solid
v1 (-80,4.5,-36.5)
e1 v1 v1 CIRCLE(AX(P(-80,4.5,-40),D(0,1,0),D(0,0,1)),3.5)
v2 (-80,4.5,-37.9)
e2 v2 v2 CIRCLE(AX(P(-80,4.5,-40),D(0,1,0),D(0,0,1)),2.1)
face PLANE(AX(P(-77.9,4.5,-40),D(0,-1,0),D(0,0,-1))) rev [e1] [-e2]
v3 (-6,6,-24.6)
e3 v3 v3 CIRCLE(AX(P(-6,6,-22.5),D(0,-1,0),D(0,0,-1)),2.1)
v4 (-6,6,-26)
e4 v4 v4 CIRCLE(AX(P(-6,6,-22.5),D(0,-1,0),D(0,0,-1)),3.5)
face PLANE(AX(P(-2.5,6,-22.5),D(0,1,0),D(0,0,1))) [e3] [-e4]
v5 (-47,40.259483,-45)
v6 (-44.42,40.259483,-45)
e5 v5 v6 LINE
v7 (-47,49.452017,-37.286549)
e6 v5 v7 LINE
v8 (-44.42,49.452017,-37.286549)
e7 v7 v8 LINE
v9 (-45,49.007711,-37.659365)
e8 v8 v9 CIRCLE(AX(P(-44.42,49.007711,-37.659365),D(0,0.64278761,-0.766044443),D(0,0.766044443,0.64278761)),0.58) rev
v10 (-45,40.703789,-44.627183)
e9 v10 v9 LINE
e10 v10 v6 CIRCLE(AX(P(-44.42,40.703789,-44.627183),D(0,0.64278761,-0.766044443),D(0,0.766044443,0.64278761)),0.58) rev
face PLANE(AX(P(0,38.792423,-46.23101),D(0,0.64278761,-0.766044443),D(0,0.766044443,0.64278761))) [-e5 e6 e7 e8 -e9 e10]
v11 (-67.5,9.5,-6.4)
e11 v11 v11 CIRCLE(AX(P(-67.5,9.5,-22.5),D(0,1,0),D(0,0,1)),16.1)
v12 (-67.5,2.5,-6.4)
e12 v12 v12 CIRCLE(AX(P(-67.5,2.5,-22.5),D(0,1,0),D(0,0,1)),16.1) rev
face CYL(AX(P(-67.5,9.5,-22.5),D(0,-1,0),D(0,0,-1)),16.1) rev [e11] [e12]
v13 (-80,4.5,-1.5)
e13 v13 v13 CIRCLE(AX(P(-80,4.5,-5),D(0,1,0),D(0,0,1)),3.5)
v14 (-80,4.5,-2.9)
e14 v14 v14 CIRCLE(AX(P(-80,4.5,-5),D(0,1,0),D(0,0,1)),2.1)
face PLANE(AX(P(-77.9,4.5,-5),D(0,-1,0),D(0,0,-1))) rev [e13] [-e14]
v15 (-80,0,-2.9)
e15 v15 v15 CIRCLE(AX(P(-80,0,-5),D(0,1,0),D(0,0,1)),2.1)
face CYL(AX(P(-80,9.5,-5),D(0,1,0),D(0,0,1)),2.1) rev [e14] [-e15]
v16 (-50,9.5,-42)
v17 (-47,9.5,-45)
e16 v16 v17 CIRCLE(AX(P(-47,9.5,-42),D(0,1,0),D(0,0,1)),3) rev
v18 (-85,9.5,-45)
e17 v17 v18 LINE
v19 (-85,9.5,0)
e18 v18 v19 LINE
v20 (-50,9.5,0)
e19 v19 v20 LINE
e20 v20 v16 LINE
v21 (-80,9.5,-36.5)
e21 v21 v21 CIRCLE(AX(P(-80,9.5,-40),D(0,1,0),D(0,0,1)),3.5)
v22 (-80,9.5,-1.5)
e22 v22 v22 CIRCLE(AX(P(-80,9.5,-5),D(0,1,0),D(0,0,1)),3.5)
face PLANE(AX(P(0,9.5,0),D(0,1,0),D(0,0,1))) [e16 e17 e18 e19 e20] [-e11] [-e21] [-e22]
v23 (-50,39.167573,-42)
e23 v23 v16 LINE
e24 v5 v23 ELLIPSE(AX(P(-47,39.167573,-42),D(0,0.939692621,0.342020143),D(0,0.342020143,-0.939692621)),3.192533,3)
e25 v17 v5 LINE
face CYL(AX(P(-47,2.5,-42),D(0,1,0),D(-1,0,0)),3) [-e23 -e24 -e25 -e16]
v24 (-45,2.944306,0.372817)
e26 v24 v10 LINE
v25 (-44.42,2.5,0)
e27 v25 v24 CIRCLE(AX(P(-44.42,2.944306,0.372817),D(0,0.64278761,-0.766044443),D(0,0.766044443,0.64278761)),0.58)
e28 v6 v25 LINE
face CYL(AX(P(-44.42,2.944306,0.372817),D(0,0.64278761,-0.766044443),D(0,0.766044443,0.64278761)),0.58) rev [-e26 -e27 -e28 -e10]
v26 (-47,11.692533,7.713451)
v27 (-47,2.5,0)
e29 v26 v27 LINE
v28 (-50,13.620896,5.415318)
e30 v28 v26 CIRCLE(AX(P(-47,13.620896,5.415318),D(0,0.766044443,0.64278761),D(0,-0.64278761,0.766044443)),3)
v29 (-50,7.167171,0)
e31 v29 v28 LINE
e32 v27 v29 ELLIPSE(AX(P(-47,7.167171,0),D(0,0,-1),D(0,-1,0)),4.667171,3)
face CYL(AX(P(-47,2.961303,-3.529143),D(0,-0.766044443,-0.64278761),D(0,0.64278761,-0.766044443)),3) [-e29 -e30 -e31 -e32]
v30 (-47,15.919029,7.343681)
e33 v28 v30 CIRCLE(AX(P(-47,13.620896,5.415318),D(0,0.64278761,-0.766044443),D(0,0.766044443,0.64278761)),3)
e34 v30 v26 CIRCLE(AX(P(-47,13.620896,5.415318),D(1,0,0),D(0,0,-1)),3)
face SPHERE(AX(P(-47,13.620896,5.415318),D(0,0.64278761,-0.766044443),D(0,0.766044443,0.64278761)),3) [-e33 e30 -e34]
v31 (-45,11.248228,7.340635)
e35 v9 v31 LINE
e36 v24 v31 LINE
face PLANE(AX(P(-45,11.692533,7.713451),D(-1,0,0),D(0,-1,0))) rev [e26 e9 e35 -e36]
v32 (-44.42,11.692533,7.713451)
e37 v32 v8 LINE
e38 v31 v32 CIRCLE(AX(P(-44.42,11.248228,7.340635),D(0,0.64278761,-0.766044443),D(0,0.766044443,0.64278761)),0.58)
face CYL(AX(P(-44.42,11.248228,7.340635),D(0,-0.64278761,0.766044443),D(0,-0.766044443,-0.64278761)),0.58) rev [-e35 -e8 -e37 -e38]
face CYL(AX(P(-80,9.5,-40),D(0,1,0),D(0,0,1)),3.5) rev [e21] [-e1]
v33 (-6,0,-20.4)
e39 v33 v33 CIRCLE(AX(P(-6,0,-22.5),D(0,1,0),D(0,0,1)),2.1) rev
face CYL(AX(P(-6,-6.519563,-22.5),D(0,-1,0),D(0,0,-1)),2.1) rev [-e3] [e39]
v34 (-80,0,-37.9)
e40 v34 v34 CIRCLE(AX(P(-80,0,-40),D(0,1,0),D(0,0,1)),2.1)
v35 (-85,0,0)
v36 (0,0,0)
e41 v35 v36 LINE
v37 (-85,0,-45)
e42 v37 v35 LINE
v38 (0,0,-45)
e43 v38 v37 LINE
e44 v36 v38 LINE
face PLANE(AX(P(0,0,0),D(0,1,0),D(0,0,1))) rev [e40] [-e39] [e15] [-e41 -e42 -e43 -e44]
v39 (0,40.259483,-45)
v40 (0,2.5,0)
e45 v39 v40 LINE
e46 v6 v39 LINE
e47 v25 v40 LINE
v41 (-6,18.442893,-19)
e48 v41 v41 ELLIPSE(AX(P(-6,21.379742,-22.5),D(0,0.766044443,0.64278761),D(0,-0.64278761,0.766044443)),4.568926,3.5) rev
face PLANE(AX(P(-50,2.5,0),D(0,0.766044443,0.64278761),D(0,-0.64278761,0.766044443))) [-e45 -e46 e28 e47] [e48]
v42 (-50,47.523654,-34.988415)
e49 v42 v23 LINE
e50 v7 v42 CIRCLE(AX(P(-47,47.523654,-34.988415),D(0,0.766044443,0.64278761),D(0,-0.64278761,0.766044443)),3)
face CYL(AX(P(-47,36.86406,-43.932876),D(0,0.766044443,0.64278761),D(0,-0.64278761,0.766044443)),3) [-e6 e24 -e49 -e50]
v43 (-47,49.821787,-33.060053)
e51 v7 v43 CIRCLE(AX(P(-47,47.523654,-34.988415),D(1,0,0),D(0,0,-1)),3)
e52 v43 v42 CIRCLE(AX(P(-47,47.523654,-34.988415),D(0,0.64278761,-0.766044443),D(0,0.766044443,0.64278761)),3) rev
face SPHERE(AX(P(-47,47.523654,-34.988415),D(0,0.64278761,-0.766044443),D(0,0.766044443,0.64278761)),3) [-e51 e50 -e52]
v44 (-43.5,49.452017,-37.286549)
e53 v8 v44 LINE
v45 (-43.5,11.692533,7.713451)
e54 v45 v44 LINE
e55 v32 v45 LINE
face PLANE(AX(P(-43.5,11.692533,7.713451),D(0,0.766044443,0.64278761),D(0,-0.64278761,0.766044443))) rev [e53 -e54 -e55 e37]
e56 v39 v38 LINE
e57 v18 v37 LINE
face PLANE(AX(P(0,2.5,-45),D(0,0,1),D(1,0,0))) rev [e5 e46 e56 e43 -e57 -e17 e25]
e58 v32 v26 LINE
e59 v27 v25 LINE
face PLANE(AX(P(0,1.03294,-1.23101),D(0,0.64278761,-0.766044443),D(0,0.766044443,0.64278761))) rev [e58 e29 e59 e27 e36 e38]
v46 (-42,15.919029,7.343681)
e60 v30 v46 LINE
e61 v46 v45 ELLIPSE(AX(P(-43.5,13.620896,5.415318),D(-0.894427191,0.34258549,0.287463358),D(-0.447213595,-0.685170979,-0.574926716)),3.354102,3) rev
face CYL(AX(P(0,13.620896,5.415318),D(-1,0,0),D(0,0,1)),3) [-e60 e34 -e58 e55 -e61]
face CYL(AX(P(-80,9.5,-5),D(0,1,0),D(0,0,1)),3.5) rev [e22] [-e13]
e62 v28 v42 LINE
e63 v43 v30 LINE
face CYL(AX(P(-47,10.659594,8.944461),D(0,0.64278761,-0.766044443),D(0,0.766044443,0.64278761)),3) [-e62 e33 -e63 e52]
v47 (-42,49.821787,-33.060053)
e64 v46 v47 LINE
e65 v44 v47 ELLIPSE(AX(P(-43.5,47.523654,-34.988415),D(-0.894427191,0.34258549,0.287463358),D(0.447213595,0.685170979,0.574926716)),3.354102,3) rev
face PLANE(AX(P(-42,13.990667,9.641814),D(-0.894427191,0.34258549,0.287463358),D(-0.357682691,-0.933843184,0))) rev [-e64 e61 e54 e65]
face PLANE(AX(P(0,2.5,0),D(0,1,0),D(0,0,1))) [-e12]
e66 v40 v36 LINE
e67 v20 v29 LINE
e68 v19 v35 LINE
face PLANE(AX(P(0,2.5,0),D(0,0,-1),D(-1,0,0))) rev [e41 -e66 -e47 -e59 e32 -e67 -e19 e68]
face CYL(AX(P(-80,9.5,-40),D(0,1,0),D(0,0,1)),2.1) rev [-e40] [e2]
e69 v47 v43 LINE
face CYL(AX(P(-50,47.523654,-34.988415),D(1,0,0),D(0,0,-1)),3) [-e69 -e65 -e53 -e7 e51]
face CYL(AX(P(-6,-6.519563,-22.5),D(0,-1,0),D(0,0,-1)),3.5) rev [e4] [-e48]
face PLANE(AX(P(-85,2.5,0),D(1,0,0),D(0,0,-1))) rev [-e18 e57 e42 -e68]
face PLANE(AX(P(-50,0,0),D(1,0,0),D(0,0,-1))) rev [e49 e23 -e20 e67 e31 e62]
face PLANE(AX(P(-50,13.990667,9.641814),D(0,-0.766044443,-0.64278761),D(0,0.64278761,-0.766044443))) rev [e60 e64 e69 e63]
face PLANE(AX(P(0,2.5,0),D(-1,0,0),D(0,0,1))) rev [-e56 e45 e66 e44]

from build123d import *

# Parameters (mm, degrees)
SKETCH1_W           = 85
SKETCH1_H           = 45
BOSS_EXTRUDE1_DEPTH = 2.5
BOSS_EXTRUDE2_DEPTH = 50
BOSS_EXTRUDE3_DEPTH = 58.743328
SKETCH4_W           = 35
SKETCH4_H           = 45
SKETCH4_R           = 16.1
BOSS_EXTRUDE4_DEPTH = 7
HOLE1_D             = 4.2
HOLE1_DEPTH         = 20
HOLE1_CBORE_D       = 7
HOLE1_CBORE_DEPTH   = 5
FILLET4_R           = 3
FILLET5_R           = 3
FILLET6_R           = 3
FILLET7_R           = 0.58


with BuildPart() as part:
    # Sketch1 → Boss-Extrude1 (new body)
    with BuildSketch(Plane(origin=(0, 0, 0), x_dir=(1, 0, 0), z_dir=(0, 1, 0))):
        with Locations((-42.5, 22.5)):
            Rectangle(SKETCH1_W, SKETCH1_H)
    extrude(amount=BOSS_EXTRUDE1_DEPTH)

    # Sketch2 → Boss-Extrude2 (add)
    with BuildSketch(Plane(origin=(0, 0, 0), x_dir=(0, 0, -1), z_dir=(1, 0, 0))):
        Polygon((0, 2.5), (45, 40.259483403), (45, 2.5), align=None)
    extrude(amount=-BOSS_EXTRUDE2_DEPTH)

    # Sketch3 → Boss-Extrude3 (add)
    with BuildSketch(Plane(origin=(-50, 40.259483403, -45), x_dir=(1, 0, 0), z_dir=(0, -0.6427876096865354, 0.7660444431189815))):
        Polygon((0, 0), (0, 15), (8, 15), (6.5, 12), (5, 12), (5, 0), align=None)
    extrude(amount=BOSS_EXTRUDE3_DEPTH)

    # Sketch4 → Boss-Extrude4 (add)
    with BuildSketch(Plane(origin=(0, 2.5, 0), x_dir=(1, 0, 0), z_dir=(0, 1, 0))):
        with Locations((-67.5, 22.5)):
            Rectangle(SKETCH4_W, SKETCH4_H)
        with Locations(Location((-67.5, 22.5, 0), (0, 0, 270))):
            Circle(SKETCH4_R, mode=Mode.SUBTRACT)
    extrude(amount=BOSS_EXTRUDE4_DEPTH)

    # Hole1
    with Locations(Plane(origin=(-80, 9.5, -40), x_dir=(0, 0, 1), z_dir=(0, 1, 0))):
        with Locations((0, 0), (35, 0)):
            CounterBoreHole(HOLE1_D / 2, HOLE1_CBORE_D / 2, HOLE1_CBORE_DEPTH, depth=HOLE1_DEPTH)

    # Sketch8 → Cut-Revolve1 (revolve, cut)
    with BuildSketch(Plane.XY.offset(-22.5), mode=Mode.PRIVATE) as cut_revolve1_sk:
        Polygon((-2.5, 21.379741701), (-2.5, 6), (-3.9, 6), (-3.9, -6.519563006), (-6, -6.519563006), (-6, 21.379741701), (-6, 29.263564953), (-2.5, 29.263564953), align=None)
    revolve(cut_revolve1_sk.sketch.rotate(Axis((-6, -6.519563006, -22.5), (0, 1, 0)), 90), axis=Axis((-6, -6.519563006, -22.5), (0, 1, 0)), mode=Mode.SUBTRACT)

    # Fillet4
    fillet4_edges = [part.edges().sort_by_distance(p)[0] for p in [
        (-50, 32.870408355, -12.858185862),
    ]]
    fillet(fillet4_edges, radius=FILLET4_R)

    # Fillet5
    fillet5_edges = [part.edges().sort_by_distance(p)[0] for p in [
        (-44.5, 51.75015005, -35.358185855),
        (-49.121320344, 51.077042382, -35.922990251),
        (-50, 44.855750062, -41.143274342),
        (-50, 24.879741701, -45),
    ]]
    fillet(fillet5_edges, radius=FILLET5_R)

    # Fillet6
    fillet6_edges = [part.edges().sort_by_distance(p)[0] for p in [
        (-44.5, 13.99066666, 9.64181413),
        (-49.121320344, 13.317558992, 9.077009734),
        (-50, 7.096266672, 3.856725643),
    ]]
    fillet(fillet6_edges, radius=FILLET6_R)

    # Fillet7
    fillet7_edges = [part.edges().sort_by_distance(p)[0] for p in [
        (-45, 21.379741708, -22.500000008),
        (-45, 30.572275025, -14.786548691),
    ]]
    fillet(fillet7_edges, radius=FILLET7_R)


solid = part.part
